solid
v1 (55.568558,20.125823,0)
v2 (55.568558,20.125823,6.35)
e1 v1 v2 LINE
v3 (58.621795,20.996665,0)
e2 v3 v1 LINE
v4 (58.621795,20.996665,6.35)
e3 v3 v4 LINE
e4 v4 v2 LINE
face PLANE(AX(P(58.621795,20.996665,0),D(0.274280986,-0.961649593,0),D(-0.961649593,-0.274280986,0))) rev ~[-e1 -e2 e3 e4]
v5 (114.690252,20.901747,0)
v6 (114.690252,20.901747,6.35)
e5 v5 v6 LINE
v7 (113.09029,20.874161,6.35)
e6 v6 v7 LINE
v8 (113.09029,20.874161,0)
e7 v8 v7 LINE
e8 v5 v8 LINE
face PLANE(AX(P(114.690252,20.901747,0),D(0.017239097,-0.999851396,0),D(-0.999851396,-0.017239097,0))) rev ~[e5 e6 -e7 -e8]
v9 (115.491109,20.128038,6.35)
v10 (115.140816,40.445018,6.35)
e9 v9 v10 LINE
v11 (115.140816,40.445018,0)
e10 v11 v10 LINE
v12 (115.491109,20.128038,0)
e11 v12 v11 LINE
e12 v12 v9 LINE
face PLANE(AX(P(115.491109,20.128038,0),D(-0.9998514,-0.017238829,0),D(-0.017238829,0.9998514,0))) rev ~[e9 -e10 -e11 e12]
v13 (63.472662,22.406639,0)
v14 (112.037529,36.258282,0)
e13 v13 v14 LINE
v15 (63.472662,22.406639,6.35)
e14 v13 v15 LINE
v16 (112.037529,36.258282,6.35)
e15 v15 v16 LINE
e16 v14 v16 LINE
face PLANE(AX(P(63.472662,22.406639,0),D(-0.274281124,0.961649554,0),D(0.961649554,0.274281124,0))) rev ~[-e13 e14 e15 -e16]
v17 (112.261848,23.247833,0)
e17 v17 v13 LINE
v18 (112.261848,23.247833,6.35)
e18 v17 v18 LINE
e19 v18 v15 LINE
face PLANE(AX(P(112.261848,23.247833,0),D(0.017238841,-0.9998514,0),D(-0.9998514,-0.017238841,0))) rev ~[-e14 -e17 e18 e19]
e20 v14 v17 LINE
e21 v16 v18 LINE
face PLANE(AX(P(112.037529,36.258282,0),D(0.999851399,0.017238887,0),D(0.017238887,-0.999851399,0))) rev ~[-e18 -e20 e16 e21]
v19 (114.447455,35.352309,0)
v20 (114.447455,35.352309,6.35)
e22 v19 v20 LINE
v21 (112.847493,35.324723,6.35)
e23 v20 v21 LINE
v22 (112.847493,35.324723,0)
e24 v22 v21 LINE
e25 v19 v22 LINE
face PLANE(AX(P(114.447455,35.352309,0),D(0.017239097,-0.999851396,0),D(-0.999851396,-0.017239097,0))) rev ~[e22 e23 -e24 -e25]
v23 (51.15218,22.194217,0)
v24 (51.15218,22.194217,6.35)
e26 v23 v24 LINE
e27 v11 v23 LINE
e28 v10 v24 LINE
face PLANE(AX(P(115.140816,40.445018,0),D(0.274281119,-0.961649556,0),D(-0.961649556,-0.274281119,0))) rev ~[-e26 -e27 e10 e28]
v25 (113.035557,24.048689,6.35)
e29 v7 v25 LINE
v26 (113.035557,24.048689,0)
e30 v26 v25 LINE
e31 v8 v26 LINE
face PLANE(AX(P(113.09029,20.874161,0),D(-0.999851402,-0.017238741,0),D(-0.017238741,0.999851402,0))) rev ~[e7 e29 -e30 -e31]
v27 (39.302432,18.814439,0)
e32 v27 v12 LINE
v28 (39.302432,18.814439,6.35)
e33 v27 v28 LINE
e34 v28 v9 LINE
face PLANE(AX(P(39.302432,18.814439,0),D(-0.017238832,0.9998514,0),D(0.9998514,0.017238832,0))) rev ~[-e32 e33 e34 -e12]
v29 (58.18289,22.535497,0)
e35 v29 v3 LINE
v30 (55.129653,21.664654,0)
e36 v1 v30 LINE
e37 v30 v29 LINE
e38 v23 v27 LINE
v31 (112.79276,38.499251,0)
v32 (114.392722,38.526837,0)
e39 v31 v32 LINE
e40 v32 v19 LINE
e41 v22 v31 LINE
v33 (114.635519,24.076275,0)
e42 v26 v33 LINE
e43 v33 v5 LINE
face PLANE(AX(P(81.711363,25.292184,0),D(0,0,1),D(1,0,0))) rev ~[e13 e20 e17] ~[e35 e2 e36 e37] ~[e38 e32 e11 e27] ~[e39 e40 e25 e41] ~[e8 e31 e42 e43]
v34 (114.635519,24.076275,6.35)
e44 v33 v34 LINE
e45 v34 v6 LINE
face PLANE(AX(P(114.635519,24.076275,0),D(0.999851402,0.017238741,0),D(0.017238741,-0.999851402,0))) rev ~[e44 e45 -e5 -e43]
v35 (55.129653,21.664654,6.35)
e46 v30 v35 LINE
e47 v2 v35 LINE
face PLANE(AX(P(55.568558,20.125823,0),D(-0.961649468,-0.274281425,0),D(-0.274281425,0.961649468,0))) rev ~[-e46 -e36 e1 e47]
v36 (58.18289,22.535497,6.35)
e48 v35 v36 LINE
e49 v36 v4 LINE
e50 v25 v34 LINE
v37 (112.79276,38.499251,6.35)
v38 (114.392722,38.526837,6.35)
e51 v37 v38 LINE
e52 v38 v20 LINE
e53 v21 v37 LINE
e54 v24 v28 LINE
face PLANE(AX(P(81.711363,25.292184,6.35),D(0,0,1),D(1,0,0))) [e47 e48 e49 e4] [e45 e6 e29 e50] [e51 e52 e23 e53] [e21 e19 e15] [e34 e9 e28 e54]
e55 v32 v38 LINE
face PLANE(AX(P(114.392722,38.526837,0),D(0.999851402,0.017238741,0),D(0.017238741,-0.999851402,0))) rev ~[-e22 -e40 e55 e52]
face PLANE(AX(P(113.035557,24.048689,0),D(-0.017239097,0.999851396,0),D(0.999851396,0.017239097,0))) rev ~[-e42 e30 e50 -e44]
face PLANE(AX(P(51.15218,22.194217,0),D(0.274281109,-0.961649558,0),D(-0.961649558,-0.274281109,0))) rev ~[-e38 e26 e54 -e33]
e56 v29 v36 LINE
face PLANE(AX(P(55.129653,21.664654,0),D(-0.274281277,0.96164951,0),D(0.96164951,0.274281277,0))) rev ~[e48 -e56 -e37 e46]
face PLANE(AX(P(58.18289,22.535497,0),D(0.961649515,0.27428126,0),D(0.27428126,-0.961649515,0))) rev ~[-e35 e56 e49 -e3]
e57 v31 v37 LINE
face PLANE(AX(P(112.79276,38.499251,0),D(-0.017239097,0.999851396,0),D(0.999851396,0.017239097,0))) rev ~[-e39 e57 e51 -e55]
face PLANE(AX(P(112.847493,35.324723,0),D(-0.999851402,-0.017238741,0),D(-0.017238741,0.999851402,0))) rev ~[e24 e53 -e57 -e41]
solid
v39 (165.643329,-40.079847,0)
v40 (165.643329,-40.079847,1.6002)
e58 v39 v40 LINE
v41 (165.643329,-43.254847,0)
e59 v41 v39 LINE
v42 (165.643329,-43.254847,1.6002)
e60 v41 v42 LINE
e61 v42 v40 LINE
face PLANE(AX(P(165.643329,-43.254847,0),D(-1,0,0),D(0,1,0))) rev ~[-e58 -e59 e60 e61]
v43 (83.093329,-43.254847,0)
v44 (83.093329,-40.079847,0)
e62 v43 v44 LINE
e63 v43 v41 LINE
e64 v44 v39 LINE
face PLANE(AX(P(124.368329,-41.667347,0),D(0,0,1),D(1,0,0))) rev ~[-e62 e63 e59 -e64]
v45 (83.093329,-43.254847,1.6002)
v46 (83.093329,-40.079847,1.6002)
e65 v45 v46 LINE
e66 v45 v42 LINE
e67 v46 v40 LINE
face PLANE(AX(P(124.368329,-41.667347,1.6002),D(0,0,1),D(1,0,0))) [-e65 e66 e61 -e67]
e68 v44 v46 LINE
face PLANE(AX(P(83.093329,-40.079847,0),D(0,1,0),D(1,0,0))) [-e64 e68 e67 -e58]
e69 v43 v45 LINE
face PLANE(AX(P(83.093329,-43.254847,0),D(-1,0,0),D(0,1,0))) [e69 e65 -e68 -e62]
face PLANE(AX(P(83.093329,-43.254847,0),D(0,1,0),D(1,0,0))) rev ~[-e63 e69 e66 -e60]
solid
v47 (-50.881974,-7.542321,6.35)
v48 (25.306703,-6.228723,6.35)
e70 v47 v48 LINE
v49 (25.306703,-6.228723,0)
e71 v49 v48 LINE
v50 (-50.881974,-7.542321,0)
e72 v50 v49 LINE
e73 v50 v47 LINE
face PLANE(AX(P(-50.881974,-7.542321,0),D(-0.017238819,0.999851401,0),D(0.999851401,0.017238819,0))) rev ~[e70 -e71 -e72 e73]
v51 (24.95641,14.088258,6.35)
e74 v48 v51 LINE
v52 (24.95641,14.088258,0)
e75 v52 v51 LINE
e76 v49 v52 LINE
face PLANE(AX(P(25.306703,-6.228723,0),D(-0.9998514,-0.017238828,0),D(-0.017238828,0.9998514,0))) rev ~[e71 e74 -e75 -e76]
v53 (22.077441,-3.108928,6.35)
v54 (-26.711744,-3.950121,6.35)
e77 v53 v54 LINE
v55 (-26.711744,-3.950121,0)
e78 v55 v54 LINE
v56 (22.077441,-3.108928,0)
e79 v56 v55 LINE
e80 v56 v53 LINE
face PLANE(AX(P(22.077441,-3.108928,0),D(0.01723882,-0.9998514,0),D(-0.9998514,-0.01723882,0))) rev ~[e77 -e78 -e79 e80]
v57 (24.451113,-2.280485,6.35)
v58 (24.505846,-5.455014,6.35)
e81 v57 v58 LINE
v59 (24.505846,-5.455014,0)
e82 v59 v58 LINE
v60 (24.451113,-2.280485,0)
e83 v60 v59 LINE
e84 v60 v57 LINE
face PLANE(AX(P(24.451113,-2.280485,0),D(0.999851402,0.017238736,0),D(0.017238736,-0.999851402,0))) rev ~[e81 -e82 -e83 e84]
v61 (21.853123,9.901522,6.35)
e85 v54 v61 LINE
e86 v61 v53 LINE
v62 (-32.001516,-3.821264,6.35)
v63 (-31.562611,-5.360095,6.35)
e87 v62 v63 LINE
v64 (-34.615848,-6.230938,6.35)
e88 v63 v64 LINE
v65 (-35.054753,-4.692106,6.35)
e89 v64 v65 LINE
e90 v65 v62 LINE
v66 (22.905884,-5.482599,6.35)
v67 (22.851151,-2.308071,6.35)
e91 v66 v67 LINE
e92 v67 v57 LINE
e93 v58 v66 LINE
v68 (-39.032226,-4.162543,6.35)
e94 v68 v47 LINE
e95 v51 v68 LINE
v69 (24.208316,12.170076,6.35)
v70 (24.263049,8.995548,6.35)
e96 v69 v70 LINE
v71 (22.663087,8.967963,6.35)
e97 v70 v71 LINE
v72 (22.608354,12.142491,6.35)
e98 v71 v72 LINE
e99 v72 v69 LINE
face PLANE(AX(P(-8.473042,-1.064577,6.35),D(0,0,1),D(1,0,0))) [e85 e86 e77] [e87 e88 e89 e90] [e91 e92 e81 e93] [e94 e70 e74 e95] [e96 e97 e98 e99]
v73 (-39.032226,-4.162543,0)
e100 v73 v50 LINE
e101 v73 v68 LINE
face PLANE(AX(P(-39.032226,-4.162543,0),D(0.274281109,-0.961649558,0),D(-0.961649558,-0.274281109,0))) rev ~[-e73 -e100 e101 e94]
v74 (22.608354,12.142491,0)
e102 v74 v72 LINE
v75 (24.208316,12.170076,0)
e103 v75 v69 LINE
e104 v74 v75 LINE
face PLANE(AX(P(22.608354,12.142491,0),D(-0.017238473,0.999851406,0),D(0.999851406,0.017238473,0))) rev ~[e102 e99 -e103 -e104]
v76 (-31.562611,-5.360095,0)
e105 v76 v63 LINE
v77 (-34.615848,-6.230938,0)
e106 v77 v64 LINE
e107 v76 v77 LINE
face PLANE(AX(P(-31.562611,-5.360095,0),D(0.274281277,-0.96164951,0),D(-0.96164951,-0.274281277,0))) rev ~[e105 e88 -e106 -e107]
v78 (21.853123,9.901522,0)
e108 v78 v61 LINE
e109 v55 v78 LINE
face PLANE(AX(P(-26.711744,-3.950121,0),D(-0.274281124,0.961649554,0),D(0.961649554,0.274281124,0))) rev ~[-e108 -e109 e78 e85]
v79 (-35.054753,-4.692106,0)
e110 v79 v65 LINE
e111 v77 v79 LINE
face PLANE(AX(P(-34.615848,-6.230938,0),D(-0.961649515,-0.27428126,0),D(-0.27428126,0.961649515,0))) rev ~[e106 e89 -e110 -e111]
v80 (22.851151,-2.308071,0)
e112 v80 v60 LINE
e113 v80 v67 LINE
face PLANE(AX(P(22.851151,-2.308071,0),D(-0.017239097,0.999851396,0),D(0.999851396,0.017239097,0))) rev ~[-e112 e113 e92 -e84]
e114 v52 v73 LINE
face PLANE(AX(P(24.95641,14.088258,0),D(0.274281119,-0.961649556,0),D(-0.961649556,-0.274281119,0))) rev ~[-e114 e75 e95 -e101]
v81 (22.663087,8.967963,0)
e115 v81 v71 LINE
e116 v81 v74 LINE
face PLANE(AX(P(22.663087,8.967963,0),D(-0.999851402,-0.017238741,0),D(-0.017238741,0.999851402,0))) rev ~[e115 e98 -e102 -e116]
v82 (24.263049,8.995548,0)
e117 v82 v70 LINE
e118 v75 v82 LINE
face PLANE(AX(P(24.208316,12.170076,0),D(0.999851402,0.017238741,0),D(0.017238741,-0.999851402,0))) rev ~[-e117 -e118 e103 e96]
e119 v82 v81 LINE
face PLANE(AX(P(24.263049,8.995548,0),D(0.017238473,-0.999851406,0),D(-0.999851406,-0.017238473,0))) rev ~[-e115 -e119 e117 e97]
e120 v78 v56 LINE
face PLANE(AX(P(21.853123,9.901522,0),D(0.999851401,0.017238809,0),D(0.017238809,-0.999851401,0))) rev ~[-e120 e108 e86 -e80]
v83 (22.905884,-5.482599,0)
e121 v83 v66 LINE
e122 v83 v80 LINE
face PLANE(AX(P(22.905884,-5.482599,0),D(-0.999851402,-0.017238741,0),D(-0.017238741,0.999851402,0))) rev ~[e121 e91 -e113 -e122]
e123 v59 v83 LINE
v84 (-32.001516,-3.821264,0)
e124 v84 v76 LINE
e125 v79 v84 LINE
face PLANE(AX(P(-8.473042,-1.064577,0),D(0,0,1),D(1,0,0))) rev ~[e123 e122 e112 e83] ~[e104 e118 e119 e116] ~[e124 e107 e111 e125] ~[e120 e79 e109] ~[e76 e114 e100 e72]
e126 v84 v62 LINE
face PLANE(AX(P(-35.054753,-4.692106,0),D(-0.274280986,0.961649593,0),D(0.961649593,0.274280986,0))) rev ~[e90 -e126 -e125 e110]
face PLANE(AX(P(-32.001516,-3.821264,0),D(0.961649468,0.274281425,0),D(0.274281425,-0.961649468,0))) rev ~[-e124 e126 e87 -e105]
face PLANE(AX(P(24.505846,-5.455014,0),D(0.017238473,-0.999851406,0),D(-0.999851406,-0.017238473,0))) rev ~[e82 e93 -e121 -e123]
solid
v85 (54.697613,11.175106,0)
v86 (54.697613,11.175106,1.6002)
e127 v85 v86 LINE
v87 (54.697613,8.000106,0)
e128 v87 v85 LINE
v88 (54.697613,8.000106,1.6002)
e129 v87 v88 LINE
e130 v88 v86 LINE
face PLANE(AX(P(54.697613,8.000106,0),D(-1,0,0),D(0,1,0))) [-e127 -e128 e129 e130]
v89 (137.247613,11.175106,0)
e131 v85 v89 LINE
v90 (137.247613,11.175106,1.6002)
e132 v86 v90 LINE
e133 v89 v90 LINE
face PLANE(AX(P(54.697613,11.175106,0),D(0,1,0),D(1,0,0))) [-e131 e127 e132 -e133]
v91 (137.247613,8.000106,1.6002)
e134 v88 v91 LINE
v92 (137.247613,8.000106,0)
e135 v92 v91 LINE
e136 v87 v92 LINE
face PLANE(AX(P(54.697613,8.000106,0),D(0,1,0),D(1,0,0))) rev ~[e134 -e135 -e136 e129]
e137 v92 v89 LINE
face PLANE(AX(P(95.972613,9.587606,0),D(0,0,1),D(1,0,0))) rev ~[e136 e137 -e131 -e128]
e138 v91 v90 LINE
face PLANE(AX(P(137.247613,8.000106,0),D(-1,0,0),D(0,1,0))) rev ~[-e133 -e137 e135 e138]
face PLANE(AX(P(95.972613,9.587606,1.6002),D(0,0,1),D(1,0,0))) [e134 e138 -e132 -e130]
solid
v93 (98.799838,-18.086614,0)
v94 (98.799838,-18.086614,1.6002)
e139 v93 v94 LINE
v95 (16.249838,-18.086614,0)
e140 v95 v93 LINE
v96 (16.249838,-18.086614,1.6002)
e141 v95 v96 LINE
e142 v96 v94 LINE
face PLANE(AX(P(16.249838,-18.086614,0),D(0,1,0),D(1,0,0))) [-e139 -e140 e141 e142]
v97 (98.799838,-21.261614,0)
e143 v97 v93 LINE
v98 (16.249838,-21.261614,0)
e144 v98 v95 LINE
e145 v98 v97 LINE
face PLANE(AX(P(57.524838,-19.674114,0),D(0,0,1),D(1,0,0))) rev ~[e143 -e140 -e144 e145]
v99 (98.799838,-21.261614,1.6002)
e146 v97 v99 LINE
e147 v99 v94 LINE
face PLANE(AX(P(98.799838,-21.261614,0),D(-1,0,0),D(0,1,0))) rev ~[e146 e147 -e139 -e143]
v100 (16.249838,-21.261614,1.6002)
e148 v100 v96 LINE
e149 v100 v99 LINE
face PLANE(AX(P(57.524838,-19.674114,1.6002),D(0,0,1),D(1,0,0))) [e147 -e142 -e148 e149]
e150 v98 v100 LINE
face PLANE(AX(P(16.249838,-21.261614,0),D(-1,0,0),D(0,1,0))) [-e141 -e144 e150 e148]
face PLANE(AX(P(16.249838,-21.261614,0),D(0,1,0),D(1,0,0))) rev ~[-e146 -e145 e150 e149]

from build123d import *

# Parameters (mm, degrees)
F1_DEPTH = 6.35
F3_DEPTH = 6.35
F4_W     = 82.55
F4_H     = 3.175
F5_DEPTH = 1.6002


with BuildPart() as f1:
    # F0 (on Top) → F1 (new body)
    with BuildSketch(Plane.XY):
        Polygon((51.15218, 22.194217), (39.302432, 18.814439), (115.491109, 20.128038), (115.140816, 40.445018), align=None)
        Polygon((55.568558, 20.125823), (55.129653, 21.664654), (58.18289, 22.535497), (58.621795, 20.996665), align=None, mode=Mode.SUBTRACT)
        Polygon((114.690252, 20.901747), (113.09029, 20.874161), (113.035557, 24.048689), (114.635519, 24.076275), align=None, mode=Mode.SUBTRACT)
        Polygon((112.037529, 36.258282), (112.261848, 23.247833), (63.472662, 22.406639), align=None, mode=Mode.SUBTRACT)
        Polygon((112.847493, 35.324723), (112.79276, 38.499251), (114.392722, 38.526837), (114.447455, 35.352309), align=None, mode=Mode.SUBTRACT)
    extrude(amount=F1_DEPTH)


with BuildPart() as f3:
    # F2 (on Top) → F3 (new body)
    with BuildSketch(Plane.XY):
        Polygon((-39.032226, -4.162543), (-50.881974, -7.542321), (25.306703, -6.228723), (24.95641, 14.088258), align=None)
        Polygon((-34.615848, -6.230938), (-35.054753, -4.692106), (-32.001516, -3.821264), (-31.562611, -5.360095), align=None, mode=Mode.SUBTRACT)
        Polygon((24.505846, -5.455014), (22.905884, -5.482599), (22.851151, -2.308071), (24.451113, -2.280485), align=None, mode=Mode.SUBTRACT)
        Polygon((21.853123, 9.901522), (22.077441, -3.108928), (-26.711744, -3.950121), align=None, mode=Mode.SUBTRACT)
        Polygon((22.663087, 8.967963), (22.608354, 12.142491), (24.208316, 12.170076), (24.263049, 8.995548), align=None, mode=Mode.SUBTRACT)
    extrude(amount=F3_DEPTH)


with BuildPart() as f5:
    # F4 (on Top) → F5 (new body)
    with BuildSketch(Plane.XY):
        with Locations((95.972613, 9.587606)):
            Rectangle(F4_W, F4_H)
        with Locations((57.524838, -19.674114)):
            Rectangle(F4_W, F4_H)
        with Locations((124.368329, -41.667347)):
            Rectangle(F4_W, F4_H)
    extrude(amount=F5_DEPTH)


solid = Compound([f1.part, f3.part, f5.part])
